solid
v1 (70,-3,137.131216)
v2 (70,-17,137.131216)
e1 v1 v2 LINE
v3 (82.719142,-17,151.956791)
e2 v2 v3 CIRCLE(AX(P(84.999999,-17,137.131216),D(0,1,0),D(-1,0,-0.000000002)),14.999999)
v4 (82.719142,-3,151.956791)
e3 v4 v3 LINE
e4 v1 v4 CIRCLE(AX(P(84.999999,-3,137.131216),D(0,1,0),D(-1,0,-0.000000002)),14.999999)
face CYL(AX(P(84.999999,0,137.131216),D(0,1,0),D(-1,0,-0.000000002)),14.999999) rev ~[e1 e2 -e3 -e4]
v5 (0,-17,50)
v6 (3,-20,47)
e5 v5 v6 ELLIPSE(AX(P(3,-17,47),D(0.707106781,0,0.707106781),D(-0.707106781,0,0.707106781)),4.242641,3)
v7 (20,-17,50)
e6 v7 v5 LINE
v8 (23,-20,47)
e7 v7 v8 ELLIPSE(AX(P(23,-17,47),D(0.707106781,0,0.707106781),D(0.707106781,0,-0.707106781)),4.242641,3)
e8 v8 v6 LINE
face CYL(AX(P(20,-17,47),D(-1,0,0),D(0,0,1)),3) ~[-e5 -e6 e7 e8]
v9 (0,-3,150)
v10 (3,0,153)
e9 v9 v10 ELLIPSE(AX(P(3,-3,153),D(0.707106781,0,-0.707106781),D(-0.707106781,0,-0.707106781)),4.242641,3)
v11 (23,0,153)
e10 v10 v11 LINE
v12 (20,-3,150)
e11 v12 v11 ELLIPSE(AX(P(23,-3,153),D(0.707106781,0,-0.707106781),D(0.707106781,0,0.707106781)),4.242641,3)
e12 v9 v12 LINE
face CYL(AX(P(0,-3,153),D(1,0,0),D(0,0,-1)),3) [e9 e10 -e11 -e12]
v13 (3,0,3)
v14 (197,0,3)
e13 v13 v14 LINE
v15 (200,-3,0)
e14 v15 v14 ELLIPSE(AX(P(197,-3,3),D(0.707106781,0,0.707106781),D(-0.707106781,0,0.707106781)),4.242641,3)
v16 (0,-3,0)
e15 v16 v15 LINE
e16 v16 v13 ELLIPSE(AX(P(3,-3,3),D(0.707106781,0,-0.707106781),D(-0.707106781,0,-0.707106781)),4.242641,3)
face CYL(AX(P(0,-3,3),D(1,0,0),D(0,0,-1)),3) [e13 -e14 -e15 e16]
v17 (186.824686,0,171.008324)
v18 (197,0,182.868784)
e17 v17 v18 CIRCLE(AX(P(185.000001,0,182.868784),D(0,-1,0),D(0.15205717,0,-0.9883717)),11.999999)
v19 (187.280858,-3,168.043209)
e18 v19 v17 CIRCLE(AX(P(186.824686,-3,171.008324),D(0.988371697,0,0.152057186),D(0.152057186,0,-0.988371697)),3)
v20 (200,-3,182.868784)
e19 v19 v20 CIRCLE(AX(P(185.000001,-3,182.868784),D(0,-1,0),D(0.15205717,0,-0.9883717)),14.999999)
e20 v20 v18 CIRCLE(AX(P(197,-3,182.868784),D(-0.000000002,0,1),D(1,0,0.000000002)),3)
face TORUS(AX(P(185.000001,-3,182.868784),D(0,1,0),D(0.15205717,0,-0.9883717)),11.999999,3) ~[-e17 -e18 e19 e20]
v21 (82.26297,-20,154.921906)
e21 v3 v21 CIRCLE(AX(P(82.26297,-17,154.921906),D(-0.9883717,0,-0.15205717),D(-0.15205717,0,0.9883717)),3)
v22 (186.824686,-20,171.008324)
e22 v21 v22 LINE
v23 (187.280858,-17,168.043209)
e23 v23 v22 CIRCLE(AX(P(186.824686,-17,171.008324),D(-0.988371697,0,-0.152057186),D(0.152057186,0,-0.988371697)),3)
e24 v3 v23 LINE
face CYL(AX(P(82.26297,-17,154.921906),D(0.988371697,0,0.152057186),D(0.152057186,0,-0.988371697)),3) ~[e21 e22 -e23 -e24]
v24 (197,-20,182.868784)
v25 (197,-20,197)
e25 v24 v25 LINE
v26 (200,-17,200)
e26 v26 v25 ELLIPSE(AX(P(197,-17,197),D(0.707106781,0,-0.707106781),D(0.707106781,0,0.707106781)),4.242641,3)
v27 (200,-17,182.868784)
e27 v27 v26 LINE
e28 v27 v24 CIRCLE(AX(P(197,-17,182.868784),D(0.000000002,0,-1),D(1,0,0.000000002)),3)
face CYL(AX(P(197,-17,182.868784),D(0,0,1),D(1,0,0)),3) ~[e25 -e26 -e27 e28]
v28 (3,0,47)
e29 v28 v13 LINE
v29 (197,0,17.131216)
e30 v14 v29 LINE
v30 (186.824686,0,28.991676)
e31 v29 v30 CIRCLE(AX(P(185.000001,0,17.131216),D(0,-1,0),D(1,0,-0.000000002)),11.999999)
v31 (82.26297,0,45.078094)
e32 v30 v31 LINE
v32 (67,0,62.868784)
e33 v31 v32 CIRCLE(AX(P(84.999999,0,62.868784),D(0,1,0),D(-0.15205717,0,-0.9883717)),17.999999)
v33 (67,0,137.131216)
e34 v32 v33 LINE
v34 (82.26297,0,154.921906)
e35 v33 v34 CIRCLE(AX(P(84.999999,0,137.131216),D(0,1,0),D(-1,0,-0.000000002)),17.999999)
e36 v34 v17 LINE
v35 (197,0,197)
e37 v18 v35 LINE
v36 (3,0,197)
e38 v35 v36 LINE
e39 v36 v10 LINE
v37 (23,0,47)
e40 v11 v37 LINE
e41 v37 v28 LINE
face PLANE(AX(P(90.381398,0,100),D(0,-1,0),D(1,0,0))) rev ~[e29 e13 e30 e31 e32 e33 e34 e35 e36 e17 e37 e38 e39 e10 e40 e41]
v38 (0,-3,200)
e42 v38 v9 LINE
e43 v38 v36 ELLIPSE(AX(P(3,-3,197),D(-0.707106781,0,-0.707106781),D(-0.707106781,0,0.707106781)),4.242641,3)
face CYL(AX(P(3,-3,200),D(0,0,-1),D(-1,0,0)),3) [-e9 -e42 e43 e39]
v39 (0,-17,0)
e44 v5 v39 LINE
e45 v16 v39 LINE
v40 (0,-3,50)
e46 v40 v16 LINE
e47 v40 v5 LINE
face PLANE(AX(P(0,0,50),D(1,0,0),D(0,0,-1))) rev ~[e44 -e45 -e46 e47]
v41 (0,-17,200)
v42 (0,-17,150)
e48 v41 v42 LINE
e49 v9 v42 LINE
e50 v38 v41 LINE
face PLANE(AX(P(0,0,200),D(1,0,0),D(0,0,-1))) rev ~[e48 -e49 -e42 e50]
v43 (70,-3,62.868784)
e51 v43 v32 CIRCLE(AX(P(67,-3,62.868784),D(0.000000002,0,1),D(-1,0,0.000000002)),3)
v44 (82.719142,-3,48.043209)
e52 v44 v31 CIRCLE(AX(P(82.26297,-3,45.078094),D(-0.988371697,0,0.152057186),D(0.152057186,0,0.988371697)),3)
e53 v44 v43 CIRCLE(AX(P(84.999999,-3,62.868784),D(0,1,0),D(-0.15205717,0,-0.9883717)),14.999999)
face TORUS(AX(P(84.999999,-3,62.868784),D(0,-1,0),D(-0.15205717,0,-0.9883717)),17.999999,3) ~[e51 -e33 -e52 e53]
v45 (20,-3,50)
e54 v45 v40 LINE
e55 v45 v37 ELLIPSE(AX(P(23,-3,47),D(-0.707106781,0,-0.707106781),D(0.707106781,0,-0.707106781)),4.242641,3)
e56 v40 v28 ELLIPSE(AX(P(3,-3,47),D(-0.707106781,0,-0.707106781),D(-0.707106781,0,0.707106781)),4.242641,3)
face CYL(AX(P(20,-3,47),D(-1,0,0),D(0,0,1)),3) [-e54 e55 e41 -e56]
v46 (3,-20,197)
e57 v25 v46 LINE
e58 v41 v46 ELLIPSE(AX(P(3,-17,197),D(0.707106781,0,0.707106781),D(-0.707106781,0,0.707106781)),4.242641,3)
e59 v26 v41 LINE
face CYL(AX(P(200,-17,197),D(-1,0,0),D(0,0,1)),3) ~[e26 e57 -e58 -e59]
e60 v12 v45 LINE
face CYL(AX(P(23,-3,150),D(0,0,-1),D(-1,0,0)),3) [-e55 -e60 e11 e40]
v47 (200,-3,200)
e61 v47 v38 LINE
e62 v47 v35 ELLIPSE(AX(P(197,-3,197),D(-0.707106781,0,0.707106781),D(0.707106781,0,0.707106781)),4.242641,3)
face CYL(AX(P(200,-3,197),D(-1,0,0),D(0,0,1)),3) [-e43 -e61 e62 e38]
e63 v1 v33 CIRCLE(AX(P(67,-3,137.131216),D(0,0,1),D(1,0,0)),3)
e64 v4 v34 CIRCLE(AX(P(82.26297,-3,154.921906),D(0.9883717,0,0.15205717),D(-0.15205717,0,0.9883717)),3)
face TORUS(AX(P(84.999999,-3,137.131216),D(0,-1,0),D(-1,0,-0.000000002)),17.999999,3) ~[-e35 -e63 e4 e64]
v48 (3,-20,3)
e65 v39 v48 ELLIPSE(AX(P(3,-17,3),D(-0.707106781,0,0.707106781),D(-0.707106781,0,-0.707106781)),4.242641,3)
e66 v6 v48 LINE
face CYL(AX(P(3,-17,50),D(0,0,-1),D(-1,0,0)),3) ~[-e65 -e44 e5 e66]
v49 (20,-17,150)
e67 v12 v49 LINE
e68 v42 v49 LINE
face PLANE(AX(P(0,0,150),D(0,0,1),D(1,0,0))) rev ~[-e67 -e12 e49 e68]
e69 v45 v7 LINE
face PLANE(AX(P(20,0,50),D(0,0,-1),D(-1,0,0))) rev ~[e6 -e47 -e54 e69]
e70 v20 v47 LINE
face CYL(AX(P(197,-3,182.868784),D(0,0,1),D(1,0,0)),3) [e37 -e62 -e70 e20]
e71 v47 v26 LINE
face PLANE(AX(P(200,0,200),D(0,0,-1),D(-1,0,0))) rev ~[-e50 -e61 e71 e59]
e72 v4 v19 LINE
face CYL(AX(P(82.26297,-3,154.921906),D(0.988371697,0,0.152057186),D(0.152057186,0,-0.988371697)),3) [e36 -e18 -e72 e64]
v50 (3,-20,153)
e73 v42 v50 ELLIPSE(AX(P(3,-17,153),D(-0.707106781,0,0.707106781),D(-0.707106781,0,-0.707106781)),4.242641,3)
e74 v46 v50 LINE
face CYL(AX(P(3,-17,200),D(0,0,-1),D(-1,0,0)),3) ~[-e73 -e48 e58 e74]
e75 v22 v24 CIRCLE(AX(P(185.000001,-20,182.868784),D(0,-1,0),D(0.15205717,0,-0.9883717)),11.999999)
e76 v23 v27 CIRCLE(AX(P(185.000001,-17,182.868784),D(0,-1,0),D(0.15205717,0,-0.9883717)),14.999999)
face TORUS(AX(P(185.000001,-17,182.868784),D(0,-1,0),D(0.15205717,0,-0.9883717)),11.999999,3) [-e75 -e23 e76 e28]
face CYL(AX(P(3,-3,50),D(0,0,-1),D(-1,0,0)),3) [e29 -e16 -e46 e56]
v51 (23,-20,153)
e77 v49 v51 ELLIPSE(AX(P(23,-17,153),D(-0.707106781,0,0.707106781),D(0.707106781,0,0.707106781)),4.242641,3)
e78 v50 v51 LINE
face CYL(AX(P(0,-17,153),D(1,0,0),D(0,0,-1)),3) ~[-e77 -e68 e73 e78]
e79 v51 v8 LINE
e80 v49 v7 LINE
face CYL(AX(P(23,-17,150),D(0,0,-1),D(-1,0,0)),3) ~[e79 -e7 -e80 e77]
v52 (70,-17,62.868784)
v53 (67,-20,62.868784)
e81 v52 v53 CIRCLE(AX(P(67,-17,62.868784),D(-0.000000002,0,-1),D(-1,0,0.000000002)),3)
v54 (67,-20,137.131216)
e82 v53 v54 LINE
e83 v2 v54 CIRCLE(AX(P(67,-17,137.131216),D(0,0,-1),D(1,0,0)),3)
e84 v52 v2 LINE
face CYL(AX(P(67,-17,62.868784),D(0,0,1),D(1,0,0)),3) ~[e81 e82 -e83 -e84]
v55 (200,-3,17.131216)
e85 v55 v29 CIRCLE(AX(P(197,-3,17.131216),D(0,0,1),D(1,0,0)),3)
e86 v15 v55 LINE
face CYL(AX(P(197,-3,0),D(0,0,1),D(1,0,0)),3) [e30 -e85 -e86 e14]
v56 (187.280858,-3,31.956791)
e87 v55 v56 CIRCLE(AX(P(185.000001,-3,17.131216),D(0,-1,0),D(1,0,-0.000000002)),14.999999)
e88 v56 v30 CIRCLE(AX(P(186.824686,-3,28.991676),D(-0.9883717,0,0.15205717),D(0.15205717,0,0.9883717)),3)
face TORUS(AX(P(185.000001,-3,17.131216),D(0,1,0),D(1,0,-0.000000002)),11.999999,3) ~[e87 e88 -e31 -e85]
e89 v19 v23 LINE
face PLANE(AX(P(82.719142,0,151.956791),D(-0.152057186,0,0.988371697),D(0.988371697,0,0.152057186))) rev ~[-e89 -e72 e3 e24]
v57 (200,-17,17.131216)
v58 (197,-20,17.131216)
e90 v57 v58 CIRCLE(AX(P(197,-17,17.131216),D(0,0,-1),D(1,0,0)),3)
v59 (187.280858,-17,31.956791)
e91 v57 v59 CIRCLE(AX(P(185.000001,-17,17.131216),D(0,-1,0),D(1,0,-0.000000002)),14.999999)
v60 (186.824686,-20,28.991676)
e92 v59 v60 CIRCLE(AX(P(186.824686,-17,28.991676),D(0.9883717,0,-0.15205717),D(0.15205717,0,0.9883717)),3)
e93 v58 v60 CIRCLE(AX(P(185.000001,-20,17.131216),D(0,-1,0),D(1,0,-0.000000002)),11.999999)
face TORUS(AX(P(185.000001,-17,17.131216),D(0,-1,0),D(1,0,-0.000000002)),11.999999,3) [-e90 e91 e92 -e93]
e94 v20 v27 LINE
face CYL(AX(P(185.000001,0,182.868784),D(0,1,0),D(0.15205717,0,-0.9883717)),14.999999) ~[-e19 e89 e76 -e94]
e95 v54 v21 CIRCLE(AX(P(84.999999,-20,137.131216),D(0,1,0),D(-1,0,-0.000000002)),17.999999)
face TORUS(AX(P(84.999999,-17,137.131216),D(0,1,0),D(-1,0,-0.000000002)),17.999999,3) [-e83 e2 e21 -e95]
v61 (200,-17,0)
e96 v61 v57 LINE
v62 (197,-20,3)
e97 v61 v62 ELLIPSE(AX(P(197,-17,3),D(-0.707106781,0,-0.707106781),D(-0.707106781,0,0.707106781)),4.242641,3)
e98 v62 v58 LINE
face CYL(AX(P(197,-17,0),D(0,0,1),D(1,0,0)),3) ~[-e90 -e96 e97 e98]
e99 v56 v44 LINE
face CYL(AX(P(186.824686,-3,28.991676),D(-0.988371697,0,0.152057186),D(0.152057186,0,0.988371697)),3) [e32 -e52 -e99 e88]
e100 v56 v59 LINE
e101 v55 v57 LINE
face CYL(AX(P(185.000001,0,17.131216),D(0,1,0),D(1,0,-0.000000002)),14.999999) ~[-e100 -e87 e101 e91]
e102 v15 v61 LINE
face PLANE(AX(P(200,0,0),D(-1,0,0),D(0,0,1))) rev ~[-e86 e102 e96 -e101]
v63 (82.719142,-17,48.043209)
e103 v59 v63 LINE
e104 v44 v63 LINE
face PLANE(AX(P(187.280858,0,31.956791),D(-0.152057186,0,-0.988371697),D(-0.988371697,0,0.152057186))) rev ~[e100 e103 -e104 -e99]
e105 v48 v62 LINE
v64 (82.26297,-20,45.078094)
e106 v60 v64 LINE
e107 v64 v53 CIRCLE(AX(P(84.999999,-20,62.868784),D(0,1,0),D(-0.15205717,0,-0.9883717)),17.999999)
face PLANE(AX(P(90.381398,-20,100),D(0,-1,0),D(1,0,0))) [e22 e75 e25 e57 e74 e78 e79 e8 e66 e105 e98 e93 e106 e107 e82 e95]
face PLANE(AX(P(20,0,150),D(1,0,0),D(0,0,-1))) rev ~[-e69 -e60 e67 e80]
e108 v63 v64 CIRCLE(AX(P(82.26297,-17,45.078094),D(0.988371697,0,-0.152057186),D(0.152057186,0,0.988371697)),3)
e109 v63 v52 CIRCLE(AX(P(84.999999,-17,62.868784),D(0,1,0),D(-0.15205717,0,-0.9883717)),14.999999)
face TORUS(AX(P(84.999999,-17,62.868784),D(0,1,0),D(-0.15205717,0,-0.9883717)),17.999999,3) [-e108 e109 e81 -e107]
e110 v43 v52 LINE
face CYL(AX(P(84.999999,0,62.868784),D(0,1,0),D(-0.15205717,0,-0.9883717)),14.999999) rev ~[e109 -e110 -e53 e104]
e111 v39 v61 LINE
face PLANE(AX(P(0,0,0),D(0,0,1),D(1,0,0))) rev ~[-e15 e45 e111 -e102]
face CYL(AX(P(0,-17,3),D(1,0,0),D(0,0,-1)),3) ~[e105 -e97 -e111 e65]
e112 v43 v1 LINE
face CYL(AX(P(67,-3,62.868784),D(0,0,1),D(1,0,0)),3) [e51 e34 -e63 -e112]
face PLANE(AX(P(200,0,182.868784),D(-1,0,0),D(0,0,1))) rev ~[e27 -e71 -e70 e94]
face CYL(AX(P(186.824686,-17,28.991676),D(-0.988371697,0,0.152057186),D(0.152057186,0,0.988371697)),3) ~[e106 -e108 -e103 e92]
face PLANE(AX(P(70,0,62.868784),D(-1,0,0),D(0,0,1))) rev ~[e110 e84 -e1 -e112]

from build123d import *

# Parameters (mm, degrees)
F1_DEPTH = 20
F2_R     = 3


with BuildPart() as f1:
    # F0 (on Front) → F1 (new body)
    with BuildSketch(Plane.XZ):
        with BuildLine():
            Line((0, 50), (0, 0))
            Line((0, 0), (200, 0))
            Line((200, 0), (200, 17.131216))
            ThreePointArc((200, 17.131216), (196.384482, 26.898179), (187.280858, 31.956791))
            Line((187.280858, 31.956791), (82.719142, 48.043209))
            ThreePointArc((82.719142, 48.043209), (73.615518, 53.101821), (70, 62.868784))
            Line((70, 62.868784), (70, 137.131216))
            ThreePointArc((70, 137.131216), (73.615518, 146.898179), (82.719142, 151.956791))
            Line((82.719142, 151.956791), (187.280858, 168.043209))
            ThreePointArc((187.280858, 168.043209), (196.384482, 173.101821), (200, 182.868784))
            Line((200, 182.868784), (200, 200))
            Line((200, 200), (0, 200))
            Line((0, 200), (0, 150))
            Line((0, 150), (20, 150))
            Line((20, 150), (20, 50))
            Line((20, 50), (0, 50))
        make_face()
    extrude(amount=F1_DEPTH)

    # F2
    f2_edges = [f1.edges().sort_by_distance(p)[0] for p in [
        (196.384482, -20, 173.101821),
        (200, -20, 191.434392),
        (100, -20, 200),
        (0, -20, 175),
        (10, -20, 150),
        (20, -20, 100),
        (10, -20, 50),
        (0, -20, 25),
        (100, -20, 0),
        (200, -20, 8.565608),
        (196.384482, -20, 26.898179),
        (135, -20, 40),
        (73.615518, -20, 53.101821),
        (70, -20, 100),
        (73.615518, -20, 146.898179),
        (135, -20, 160),
        (196.384482, 0, 173.101821),
        (200, 0, 191.434392),
        (100, 0, 200),
        (0, 0, 175),
        (10, 0, 150),
        (20, 0, 100),
        (10, 0, 50),
        (0, 0, 25),
        (100, 0, 0),
        (200, 0, 8.565608),
        (196.384482, 0, 26.898179),
        (135, 0, 40),
        (73.615518, 0, 53.101821),
        (70, 0, 100),
        (73.615518, 0, 146.898179),
        (135, 0, 160),
    ]]
    fillet(f2_edges, radius=F2_R)


solid = f1.part
